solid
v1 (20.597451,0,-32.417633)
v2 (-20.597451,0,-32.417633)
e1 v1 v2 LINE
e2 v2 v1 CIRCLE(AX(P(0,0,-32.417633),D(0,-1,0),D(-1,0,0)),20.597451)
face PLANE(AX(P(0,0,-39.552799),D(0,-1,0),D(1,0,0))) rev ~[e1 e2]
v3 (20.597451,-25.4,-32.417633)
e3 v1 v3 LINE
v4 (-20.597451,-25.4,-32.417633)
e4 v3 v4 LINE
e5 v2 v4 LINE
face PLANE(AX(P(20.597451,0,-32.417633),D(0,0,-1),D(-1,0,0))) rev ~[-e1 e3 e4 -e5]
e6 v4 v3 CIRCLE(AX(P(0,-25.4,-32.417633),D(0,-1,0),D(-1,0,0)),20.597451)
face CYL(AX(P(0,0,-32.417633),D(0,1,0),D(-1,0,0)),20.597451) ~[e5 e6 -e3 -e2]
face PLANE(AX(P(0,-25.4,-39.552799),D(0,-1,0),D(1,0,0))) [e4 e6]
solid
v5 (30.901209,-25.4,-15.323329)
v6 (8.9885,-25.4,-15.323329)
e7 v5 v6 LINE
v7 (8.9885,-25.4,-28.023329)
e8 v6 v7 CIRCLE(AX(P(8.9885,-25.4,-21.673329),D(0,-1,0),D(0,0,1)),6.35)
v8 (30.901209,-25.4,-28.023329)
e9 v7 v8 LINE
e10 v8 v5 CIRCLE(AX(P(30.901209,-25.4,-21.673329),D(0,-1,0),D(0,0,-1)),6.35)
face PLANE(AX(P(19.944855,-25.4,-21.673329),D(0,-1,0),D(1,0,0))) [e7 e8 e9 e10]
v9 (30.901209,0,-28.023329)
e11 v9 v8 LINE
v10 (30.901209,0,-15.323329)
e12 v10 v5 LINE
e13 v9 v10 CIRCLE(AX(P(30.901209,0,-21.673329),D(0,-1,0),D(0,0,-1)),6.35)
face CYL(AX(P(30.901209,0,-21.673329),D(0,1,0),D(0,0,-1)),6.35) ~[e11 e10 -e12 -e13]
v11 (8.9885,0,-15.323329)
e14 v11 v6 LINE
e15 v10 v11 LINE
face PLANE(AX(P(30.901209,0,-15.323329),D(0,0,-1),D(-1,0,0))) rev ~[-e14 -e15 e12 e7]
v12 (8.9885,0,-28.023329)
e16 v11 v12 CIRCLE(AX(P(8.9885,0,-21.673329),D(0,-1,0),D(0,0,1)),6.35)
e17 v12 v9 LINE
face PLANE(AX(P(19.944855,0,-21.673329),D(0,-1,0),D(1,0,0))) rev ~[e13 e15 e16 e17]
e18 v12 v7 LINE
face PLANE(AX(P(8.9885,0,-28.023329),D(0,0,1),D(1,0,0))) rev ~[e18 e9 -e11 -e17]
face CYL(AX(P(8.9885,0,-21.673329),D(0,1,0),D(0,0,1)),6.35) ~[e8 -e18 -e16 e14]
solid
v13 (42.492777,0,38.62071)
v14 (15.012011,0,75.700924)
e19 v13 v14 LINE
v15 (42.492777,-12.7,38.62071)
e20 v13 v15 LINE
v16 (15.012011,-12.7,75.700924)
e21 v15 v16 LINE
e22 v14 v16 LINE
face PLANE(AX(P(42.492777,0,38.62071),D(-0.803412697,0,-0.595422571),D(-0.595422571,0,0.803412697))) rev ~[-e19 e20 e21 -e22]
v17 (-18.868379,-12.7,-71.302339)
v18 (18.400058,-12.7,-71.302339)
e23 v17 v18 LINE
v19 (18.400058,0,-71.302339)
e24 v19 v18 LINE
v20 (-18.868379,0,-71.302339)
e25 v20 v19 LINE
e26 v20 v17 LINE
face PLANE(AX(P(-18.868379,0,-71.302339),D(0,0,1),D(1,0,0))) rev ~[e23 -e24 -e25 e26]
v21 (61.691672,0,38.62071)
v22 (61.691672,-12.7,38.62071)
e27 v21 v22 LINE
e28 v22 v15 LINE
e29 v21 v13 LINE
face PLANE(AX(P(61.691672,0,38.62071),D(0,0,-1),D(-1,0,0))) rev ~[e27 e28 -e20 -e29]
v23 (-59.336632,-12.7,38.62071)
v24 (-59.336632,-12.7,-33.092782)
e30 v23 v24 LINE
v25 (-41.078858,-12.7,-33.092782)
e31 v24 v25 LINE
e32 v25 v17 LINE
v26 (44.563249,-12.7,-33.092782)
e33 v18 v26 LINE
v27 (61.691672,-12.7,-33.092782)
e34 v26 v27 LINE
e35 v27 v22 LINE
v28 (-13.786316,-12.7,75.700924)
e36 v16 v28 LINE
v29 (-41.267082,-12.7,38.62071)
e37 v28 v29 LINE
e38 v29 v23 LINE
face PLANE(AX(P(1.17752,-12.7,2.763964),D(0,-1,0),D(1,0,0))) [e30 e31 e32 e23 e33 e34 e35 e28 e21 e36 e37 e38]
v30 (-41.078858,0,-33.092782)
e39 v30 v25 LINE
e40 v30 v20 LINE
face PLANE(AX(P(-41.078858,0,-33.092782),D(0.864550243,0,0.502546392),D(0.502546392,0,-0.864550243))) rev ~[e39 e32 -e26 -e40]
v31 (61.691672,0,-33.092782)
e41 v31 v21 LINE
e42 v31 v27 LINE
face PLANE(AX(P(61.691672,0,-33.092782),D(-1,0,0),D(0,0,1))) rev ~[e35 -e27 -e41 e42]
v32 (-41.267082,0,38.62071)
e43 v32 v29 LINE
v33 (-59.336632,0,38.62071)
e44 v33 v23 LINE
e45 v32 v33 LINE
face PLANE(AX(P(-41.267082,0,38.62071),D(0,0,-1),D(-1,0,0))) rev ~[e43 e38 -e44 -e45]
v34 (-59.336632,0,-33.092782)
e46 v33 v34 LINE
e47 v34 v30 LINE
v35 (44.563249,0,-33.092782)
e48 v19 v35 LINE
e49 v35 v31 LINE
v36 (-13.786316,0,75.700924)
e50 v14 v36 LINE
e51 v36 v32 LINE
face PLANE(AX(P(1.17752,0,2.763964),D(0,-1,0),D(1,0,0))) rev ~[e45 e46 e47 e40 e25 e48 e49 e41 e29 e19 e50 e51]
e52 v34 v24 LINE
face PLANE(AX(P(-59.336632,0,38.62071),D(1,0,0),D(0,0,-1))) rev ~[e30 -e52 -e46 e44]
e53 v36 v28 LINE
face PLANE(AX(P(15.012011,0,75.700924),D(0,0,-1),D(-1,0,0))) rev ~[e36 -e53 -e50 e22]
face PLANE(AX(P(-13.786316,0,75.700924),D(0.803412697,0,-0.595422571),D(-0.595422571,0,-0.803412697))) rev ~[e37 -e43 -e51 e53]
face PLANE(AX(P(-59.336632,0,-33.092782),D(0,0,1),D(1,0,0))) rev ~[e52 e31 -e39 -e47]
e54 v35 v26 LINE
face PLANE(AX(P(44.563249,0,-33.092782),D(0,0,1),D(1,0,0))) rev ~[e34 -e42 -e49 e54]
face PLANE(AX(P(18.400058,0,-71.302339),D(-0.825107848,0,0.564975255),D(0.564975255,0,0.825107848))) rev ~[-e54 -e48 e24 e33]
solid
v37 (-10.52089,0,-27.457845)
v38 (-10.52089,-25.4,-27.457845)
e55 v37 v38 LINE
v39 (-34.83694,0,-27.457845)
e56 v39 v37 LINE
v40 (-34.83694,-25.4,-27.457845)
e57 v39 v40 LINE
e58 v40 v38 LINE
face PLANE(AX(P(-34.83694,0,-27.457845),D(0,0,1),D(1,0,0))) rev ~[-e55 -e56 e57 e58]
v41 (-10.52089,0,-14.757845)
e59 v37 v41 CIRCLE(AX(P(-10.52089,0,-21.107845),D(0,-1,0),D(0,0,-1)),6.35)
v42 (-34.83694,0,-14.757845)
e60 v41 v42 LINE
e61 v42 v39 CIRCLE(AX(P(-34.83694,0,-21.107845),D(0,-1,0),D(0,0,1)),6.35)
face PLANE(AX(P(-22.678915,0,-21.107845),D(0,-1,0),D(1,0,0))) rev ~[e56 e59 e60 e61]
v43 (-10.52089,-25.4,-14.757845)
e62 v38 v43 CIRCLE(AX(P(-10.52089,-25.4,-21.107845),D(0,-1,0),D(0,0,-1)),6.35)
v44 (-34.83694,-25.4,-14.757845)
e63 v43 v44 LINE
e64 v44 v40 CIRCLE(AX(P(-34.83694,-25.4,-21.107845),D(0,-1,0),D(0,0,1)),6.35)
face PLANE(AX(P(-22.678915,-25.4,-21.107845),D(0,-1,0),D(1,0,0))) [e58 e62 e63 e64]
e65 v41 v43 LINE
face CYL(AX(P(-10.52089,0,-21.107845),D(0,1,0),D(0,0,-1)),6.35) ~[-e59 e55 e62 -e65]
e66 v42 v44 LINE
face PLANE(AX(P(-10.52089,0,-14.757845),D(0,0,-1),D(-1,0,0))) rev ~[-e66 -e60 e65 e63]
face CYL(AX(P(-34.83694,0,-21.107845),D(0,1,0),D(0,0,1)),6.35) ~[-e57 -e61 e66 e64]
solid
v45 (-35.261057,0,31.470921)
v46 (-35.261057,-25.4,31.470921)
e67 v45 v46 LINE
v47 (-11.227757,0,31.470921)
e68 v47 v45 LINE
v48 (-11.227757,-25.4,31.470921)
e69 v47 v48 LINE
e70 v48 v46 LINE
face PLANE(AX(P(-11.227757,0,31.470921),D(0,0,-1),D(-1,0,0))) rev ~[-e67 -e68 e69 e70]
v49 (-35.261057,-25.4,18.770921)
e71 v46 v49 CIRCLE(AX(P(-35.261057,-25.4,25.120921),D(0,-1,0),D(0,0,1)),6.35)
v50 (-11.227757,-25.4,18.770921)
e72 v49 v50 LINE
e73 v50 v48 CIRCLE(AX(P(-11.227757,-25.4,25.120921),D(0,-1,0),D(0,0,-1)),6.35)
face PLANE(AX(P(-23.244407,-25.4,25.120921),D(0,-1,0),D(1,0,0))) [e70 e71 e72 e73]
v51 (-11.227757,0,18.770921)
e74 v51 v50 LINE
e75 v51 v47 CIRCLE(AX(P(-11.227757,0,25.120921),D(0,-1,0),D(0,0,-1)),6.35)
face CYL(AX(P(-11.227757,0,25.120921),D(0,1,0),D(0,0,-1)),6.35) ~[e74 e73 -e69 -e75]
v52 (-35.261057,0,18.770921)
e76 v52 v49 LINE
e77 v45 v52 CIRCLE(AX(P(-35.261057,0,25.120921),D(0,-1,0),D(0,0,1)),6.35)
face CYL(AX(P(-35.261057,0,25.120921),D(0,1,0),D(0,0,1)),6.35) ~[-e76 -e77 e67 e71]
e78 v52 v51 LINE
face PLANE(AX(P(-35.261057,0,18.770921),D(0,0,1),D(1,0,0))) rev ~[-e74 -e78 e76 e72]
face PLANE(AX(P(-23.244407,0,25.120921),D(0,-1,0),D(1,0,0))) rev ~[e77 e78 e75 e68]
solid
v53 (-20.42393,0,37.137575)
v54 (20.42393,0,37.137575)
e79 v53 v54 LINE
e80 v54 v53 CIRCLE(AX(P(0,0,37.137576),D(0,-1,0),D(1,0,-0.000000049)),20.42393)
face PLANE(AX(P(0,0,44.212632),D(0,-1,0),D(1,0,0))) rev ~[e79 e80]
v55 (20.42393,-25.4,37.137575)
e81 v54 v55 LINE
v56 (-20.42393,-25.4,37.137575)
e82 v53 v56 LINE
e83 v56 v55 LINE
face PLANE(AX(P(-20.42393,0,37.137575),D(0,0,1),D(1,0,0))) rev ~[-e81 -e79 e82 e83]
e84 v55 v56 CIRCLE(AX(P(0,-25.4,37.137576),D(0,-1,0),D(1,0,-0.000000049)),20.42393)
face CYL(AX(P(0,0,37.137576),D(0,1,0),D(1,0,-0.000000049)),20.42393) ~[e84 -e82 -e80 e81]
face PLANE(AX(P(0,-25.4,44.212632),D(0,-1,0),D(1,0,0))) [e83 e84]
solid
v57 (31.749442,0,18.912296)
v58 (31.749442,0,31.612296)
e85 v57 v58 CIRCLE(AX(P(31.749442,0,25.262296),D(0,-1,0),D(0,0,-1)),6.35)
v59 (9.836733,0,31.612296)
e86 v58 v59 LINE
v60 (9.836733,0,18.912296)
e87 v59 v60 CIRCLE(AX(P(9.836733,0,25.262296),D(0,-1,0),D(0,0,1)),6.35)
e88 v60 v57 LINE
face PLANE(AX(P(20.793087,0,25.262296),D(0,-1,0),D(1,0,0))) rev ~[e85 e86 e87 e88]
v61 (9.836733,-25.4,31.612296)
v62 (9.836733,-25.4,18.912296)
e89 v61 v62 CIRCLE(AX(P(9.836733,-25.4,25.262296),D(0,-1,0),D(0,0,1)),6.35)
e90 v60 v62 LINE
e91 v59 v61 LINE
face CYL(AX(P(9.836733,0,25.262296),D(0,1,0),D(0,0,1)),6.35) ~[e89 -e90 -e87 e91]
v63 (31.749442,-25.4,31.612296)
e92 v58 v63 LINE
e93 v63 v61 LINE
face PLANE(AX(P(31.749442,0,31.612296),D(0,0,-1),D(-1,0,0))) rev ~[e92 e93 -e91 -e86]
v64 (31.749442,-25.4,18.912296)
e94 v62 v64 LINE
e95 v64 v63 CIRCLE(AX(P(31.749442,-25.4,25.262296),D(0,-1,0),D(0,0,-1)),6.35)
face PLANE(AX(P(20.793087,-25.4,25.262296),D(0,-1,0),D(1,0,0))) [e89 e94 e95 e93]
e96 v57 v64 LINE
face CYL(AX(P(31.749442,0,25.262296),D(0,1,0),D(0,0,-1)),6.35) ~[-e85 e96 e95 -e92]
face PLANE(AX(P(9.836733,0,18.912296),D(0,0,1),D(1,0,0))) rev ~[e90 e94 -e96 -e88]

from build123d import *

# Parameters (mm, degrees)
F1_DEPTH = 25.4
F3_DEPTH = 12.7


with BuildPart() as f1:
    # F0 (on Front) → F1 (new body)
    with BuildSketch(Plane.XZ):
        with BuildLine():
            ThreePointArc((-35.261057, 31.470921), (-41.611057, 25.120921), (-35.261057, 18.770921))
            Line((-35.261057, 18.770921), (-11.227757, 18.770921))
            ThreePointArc((-11.227757, 18.770921), (-4.877757, 25.120921), (-11.227757, 31.470921))
            Line((-11.227757, 31.470921), (-35.261057, 31.470921))
        make_face()
        with BuildLine():
            Line((-20.42393, 37.137575), (20.42393, 37.137575))
            ThreePointArc((20.42393, 37.137575), (0, 57.561506), (-20.42393, 37.137575))
        make_face()
        with BuildLine():
            ThreePointArc((31.749442, 18.912296), (38.099442, 25.262296), (31.749442, 31.612296))
            Line((31.749442, 31.612296), (9.836733, 31.612296))
            ThreePointArc((9.836733, 31.612296), (3.486733, 25.262296), (9.836733, 18.912296))
            Line((9.836733, 18.912296), (31.749442, 18.912296))
        make_face()
        with BuildLine():
            ThreePointArc((-34.83694, -14.757845), (-41.18694, -21.107845), (-34.83694, -27.457845))
            Line((-34.83694, -27.457845), (-10.52089, -27.457845))
            ThreePointArc((-10.52089, -27.457845), (-4.17089, -21.107845), (-10.52089, -14.757845))
            Line((-10.52089, -14.757845), (-34.83694, -14.757845))
        make_face()
        with BuildLine():
            Line((20.597451, -32.417633), (-20.597451, -32.417633))
            ThreePointArc((-20.597451, -32.417633), (0, -53.015084), (20.597451, -32.417633))
        make_face()
        with BuildLine():
            ThreePointArc((30.901209, -28.023329), (37.251209, -21.673329), (30.901209, -15.323329))
            Line((30.901209, -15.323329), (8.9885, -15.323329))
            ThreePointArc((8.9885, -15.323329), (2.6385, -21.673329), (8.9885, -28.023329))
            Line((8.9885, -28.023329), (30.901209, -28.023329))
        make_face()
    extrude(amount=F1_DEPTH)


with BuildPart() as f3:
    # F2 (on Front) → F3 (new body)
    with BuildSketch(Plane.XZ):
        Polygon((61.691672, -33.092782), (61.691672, 38.62071), (42.492777, 38.62071), (-41.267082, 38.62071), (-59.336632, 38.62071), (-59.336632, -33.092782), (-41.078858, -33.092782), (44.563249, -33.092782), align=None)
        Polygon((-41.267082, 38.62071), (42.492777, 38.62071), (15.012011, 75.700924), (-13.786316, 75.700924), align=None)
        Polygon((18.400058, -71.302339), (44.563249, -33.092782), (-41.078858, -33.092782), (-18.868379, -71.302339), align=None)
    extrude(amount=F3_DEPTH)


solid = Compound([f1.part, f3.part])
